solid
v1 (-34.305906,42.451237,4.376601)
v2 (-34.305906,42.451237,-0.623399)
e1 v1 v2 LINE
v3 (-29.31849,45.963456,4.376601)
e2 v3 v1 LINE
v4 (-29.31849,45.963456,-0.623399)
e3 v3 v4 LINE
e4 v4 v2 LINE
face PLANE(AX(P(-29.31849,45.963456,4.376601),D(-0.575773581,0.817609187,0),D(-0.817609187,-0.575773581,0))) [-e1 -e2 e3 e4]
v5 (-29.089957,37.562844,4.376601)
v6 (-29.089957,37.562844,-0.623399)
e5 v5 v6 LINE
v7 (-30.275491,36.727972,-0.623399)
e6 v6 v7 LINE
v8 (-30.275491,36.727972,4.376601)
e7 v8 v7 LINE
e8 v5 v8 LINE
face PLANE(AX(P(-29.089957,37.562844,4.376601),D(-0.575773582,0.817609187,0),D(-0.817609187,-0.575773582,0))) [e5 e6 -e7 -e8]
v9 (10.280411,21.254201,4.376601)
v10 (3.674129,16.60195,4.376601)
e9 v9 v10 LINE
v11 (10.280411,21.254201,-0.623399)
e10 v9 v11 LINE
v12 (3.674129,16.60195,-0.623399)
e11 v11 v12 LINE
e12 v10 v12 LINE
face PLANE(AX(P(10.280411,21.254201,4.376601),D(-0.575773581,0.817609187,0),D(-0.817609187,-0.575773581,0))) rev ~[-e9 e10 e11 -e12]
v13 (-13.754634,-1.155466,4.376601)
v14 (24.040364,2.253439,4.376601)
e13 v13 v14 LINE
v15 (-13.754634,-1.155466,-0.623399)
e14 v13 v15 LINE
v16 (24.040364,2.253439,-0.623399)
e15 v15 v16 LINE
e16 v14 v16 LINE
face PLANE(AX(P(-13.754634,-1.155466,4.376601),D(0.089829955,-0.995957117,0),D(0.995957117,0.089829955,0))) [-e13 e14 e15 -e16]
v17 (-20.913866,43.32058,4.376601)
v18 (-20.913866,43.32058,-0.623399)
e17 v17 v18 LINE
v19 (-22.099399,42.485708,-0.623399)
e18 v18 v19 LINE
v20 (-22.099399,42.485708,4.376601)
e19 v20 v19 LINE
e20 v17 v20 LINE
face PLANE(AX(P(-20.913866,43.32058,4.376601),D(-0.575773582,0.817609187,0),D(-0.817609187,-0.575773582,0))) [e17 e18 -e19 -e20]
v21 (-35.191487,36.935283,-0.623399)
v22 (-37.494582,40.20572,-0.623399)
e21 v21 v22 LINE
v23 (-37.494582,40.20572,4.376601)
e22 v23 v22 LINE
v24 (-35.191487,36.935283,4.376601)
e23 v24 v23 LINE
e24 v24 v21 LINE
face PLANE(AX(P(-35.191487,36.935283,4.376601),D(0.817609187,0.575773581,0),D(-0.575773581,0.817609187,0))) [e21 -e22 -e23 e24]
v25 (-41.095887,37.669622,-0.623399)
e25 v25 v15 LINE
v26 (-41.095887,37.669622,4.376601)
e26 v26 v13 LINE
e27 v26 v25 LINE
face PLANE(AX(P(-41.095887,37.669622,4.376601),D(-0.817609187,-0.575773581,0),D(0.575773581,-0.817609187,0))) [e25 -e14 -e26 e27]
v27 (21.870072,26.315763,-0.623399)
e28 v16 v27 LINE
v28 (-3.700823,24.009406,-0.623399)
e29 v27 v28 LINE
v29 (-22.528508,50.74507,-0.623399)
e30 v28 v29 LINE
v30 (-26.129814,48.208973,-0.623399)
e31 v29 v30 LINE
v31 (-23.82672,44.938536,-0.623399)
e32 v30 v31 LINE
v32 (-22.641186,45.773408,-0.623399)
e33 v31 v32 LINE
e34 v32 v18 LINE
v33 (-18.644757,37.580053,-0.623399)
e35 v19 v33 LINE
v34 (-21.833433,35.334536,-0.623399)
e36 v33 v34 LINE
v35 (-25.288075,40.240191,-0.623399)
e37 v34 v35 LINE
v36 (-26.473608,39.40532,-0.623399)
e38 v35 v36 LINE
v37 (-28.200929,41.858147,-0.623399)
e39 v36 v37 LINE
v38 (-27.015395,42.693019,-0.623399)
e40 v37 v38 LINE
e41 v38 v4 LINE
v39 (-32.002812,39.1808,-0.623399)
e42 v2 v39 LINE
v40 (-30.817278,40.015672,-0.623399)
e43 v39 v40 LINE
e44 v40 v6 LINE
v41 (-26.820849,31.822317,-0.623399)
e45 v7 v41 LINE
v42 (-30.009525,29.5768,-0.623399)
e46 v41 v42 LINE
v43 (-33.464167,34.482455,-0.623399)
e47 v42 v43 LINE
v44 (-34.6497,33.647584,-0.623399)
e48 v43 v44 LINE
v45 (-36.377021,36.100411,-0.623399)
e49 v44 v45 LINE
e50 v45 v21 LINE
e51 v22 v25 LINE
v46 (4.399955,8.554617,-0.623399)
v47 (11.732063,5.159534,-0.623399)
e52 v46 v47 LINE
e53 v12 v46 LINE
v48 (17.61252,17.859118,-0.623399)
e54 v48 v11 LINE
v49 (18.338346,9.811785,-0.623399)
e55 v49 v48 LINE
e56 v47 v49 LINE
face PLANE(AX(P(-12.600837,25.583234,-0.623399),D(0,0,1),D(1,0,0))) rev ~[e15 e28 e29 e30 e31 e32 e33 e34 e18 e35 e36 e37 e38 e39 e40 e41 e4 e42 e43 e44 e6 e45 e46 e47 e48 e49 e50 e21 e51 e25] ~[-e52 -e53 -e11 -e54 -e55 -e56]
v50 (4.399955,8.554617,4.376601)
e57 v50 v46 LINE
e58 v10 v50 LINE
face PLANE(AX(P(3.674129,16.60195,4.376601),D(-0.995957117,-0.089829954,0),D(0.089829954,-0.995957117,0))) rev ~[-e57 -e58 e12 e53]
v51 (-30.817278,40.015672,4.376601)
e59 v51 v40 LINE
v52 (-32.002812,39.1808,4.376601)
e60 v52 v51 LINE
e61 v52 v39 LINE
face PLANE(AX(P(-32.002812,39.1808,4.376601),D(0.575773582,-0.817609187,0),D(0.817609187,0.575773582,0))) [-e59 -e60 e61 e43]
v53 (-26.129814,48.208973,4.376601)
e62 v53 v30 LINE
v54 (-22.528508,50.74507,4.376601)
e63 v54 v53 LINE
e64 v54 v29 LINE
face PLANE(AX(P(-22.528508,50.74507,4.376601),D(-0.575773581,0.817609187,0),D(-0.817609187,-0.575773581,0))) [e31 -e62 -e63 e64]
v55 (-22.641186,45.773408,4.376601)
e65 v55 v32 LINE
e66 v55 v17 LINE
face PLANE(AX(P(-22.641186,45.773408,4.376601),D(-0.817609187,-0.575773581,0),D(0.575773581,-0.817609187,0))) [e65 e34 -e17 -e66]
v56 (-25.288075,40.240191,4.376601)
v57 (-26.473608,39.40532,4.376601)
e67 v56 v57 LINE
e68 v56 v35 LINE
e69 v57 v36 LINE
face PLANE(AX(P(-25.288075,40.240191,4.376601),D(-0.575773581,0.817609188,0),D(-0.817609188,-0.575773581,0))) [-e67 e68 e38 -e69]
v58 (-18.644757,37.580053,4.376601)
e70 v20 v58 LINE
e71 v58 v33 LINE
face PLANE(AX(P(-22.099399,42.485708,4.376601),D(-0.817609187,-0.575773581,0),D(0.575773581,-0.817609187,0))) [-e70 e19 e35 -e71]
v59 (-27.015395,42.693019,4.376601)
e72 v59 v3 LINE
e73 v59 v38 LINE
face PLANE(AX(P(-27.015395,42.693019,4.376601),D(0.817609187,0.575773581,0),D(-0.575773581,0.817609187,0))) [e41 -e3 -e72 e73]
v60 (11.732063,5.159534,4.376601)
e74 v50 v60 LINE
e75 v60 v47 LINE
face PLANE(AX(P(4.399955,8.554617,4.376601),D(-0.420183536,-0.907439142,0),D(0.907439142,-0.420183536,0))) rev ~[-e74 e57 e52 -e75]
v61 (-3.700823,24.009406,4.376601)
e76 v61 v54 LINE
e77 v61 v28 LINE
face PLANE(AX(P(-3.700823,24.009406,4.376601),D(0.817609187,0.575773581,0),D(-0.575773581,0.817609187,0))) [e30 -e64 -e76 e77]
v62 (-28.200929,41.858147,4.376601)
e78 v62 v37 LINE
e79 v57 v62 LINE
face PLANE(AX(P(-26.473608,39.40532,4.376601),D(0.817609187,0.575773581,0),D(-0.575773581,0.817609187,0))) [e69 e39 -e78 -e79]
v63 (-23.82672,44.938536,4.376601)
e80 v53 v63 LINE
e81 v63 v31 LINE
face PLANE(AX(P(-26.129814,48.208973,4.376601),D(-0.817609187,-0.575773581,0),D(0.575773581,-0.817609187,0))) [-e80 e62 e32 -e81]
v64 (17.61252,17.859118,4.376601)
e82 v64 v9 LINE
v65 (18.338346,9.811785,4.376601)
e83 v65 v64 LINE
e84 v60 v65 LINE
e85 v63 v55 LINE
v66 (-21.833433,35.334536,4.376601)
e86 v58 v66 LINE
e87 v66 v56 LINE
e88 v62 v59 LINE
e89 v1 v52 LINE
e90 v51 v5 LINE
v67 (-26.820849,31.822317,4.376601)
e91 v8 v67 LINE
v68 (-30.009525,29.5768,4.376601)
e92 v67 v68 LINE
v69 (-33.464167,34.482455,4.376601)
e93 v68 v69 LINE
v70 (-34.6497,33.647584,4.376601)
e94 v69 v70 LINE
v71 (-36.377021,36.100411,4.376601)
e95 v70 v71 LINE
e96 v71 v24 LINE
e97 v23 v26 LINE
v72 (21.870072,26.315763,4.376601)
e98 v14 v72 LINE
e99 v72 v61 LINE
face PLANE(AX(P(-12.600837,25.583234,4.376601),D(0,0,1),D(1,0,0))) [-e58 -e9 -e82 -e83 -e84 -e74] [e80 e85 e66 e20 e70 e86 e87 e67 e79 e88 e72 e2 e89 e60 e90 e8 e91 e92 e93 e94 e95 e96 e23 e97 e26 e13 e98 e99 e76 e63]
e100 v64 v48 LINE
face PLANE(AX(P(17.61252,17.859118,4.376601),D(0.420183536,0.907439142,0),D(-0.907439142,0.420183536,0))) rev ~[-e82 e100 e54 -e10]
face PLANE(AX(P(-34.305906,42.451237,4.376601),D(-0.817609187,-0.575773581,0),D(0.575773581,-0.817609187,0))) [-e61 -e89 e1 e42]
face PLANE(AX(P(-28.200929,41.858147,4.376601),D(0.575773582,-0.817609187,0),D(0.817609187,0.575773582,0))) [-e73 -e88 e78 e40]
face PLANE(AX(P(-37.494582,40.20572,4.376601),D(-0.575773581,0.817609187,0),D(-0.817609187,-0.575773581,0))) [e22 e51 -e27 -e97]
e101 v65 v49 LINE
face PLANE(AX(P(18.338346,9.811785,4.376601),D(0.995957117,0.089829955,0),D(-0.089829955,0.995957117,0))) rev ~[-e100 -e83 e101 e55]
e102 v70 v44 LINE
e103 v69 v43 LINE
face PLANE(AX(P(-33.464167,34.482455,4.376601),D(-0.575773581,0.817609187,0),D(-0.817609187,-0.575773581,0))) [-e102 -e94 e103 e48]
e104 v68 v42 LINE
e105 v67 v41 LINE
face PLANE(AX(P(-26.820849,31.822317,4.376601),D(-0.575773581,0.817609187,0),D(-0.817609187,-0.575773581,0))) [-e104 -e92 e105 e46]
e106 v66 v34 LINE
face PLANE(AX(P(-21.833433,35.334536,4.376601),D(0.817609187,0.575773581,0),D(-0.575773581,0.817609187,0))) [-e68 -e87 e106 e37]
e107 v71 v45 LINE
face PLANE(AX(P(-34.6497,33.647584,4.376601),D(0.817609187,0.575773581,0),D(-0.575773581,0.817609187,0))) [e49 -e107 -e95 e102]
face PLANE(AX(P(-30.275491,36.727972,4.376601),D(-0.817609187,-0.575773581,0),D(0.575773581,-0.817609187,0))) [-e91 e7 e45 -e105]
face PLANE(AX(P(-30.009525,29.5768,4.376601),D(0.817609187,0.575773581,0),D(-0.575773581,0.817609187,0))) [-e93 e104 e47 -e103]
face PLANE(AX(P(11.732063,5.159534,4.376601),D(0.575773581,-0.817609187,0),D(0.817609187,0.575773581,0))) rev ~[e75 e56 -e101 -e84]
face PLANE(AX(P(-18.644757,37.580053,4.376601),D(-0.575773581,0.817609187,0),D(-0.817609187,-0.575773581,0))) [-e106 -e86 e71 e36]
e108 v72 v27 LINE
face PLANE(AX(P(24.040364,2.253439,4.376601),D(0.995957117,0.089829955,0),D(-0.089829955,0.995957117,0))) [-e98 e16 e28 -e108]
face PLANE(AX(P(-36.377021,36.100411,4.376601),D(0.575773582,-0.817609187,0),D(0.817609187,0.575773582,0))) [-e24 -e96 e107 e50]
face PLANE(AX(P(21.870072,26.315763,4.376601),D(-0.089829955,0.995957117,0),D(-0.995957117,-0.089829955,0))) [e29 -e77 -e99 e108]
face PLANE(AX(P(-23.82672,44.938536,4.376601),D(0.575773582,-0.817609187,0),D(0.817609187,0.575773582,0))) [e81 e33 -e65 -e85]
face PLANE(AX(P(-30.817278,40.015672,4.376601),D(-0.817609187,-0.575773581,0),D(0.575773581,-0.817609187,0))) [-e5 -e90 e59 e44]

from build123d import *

# Parameters (mm, degrees)
BOSS_EXTRUDE1_DEPTH = 5


with BuildPart() as part:
    # Sketch3 → Boss-Extrude1 (new body)
    with BuildSketch(Plane.XY.offset(4.376601216)):
        Polygon((-41.095887165, 37.669622361), (-13.754633765, -1.155465661), (24.040364141, 2.253439084), (21.87007244, 26.315763035), (-3.700822745, 24.009406354), (-22.528508458, 50.745070018), (-26.12981396, 48.208972579), (-23.826719635, 44.93853583), (-22.641186314, 45.773407523), (-20.91386557, 43.320579961), (-22.099398891, 42.485708268), (-18.644757404, 37.580053144), (-21.833433235, 35.334536178), (-25.288074722, 40.240191301), (-26.473608044, 39.405319609), (-28.200928787, 41.85814717), (-27.015395466, 42.693018863), (-29.318489791, 45.963455612), (-34.305905833, 42.451236767), (-32.002811508, 39.180800018), (-30.817278187, 40.015671711), (-29.089957443, 37.562844149), (-30.275490764, 36.727972456), (-26.820849277, 31.822317332), (-30.009525108, 29.576800365), (-33.464166595, 34.482455489), (-34.649699917, 33.647583796), (-36.37702066, 36.100411358), (-35.191487339, 36.935283051), (-37.494581664, 40.2057198), align=None)
        Polygon((3.674129189, 16.601950475), (4.399955221, 8.554616968), (11.732063487, 5.159533997), (18.338345721, 9.811784534), (17.612519688, 17.859118041), (10.280411422, 21.254201011), align=None, mode=Mode.SUBTRACT)
    extrude(amount=-BOSS_EXTRUDE1_DEPTH)


solid = part.part
